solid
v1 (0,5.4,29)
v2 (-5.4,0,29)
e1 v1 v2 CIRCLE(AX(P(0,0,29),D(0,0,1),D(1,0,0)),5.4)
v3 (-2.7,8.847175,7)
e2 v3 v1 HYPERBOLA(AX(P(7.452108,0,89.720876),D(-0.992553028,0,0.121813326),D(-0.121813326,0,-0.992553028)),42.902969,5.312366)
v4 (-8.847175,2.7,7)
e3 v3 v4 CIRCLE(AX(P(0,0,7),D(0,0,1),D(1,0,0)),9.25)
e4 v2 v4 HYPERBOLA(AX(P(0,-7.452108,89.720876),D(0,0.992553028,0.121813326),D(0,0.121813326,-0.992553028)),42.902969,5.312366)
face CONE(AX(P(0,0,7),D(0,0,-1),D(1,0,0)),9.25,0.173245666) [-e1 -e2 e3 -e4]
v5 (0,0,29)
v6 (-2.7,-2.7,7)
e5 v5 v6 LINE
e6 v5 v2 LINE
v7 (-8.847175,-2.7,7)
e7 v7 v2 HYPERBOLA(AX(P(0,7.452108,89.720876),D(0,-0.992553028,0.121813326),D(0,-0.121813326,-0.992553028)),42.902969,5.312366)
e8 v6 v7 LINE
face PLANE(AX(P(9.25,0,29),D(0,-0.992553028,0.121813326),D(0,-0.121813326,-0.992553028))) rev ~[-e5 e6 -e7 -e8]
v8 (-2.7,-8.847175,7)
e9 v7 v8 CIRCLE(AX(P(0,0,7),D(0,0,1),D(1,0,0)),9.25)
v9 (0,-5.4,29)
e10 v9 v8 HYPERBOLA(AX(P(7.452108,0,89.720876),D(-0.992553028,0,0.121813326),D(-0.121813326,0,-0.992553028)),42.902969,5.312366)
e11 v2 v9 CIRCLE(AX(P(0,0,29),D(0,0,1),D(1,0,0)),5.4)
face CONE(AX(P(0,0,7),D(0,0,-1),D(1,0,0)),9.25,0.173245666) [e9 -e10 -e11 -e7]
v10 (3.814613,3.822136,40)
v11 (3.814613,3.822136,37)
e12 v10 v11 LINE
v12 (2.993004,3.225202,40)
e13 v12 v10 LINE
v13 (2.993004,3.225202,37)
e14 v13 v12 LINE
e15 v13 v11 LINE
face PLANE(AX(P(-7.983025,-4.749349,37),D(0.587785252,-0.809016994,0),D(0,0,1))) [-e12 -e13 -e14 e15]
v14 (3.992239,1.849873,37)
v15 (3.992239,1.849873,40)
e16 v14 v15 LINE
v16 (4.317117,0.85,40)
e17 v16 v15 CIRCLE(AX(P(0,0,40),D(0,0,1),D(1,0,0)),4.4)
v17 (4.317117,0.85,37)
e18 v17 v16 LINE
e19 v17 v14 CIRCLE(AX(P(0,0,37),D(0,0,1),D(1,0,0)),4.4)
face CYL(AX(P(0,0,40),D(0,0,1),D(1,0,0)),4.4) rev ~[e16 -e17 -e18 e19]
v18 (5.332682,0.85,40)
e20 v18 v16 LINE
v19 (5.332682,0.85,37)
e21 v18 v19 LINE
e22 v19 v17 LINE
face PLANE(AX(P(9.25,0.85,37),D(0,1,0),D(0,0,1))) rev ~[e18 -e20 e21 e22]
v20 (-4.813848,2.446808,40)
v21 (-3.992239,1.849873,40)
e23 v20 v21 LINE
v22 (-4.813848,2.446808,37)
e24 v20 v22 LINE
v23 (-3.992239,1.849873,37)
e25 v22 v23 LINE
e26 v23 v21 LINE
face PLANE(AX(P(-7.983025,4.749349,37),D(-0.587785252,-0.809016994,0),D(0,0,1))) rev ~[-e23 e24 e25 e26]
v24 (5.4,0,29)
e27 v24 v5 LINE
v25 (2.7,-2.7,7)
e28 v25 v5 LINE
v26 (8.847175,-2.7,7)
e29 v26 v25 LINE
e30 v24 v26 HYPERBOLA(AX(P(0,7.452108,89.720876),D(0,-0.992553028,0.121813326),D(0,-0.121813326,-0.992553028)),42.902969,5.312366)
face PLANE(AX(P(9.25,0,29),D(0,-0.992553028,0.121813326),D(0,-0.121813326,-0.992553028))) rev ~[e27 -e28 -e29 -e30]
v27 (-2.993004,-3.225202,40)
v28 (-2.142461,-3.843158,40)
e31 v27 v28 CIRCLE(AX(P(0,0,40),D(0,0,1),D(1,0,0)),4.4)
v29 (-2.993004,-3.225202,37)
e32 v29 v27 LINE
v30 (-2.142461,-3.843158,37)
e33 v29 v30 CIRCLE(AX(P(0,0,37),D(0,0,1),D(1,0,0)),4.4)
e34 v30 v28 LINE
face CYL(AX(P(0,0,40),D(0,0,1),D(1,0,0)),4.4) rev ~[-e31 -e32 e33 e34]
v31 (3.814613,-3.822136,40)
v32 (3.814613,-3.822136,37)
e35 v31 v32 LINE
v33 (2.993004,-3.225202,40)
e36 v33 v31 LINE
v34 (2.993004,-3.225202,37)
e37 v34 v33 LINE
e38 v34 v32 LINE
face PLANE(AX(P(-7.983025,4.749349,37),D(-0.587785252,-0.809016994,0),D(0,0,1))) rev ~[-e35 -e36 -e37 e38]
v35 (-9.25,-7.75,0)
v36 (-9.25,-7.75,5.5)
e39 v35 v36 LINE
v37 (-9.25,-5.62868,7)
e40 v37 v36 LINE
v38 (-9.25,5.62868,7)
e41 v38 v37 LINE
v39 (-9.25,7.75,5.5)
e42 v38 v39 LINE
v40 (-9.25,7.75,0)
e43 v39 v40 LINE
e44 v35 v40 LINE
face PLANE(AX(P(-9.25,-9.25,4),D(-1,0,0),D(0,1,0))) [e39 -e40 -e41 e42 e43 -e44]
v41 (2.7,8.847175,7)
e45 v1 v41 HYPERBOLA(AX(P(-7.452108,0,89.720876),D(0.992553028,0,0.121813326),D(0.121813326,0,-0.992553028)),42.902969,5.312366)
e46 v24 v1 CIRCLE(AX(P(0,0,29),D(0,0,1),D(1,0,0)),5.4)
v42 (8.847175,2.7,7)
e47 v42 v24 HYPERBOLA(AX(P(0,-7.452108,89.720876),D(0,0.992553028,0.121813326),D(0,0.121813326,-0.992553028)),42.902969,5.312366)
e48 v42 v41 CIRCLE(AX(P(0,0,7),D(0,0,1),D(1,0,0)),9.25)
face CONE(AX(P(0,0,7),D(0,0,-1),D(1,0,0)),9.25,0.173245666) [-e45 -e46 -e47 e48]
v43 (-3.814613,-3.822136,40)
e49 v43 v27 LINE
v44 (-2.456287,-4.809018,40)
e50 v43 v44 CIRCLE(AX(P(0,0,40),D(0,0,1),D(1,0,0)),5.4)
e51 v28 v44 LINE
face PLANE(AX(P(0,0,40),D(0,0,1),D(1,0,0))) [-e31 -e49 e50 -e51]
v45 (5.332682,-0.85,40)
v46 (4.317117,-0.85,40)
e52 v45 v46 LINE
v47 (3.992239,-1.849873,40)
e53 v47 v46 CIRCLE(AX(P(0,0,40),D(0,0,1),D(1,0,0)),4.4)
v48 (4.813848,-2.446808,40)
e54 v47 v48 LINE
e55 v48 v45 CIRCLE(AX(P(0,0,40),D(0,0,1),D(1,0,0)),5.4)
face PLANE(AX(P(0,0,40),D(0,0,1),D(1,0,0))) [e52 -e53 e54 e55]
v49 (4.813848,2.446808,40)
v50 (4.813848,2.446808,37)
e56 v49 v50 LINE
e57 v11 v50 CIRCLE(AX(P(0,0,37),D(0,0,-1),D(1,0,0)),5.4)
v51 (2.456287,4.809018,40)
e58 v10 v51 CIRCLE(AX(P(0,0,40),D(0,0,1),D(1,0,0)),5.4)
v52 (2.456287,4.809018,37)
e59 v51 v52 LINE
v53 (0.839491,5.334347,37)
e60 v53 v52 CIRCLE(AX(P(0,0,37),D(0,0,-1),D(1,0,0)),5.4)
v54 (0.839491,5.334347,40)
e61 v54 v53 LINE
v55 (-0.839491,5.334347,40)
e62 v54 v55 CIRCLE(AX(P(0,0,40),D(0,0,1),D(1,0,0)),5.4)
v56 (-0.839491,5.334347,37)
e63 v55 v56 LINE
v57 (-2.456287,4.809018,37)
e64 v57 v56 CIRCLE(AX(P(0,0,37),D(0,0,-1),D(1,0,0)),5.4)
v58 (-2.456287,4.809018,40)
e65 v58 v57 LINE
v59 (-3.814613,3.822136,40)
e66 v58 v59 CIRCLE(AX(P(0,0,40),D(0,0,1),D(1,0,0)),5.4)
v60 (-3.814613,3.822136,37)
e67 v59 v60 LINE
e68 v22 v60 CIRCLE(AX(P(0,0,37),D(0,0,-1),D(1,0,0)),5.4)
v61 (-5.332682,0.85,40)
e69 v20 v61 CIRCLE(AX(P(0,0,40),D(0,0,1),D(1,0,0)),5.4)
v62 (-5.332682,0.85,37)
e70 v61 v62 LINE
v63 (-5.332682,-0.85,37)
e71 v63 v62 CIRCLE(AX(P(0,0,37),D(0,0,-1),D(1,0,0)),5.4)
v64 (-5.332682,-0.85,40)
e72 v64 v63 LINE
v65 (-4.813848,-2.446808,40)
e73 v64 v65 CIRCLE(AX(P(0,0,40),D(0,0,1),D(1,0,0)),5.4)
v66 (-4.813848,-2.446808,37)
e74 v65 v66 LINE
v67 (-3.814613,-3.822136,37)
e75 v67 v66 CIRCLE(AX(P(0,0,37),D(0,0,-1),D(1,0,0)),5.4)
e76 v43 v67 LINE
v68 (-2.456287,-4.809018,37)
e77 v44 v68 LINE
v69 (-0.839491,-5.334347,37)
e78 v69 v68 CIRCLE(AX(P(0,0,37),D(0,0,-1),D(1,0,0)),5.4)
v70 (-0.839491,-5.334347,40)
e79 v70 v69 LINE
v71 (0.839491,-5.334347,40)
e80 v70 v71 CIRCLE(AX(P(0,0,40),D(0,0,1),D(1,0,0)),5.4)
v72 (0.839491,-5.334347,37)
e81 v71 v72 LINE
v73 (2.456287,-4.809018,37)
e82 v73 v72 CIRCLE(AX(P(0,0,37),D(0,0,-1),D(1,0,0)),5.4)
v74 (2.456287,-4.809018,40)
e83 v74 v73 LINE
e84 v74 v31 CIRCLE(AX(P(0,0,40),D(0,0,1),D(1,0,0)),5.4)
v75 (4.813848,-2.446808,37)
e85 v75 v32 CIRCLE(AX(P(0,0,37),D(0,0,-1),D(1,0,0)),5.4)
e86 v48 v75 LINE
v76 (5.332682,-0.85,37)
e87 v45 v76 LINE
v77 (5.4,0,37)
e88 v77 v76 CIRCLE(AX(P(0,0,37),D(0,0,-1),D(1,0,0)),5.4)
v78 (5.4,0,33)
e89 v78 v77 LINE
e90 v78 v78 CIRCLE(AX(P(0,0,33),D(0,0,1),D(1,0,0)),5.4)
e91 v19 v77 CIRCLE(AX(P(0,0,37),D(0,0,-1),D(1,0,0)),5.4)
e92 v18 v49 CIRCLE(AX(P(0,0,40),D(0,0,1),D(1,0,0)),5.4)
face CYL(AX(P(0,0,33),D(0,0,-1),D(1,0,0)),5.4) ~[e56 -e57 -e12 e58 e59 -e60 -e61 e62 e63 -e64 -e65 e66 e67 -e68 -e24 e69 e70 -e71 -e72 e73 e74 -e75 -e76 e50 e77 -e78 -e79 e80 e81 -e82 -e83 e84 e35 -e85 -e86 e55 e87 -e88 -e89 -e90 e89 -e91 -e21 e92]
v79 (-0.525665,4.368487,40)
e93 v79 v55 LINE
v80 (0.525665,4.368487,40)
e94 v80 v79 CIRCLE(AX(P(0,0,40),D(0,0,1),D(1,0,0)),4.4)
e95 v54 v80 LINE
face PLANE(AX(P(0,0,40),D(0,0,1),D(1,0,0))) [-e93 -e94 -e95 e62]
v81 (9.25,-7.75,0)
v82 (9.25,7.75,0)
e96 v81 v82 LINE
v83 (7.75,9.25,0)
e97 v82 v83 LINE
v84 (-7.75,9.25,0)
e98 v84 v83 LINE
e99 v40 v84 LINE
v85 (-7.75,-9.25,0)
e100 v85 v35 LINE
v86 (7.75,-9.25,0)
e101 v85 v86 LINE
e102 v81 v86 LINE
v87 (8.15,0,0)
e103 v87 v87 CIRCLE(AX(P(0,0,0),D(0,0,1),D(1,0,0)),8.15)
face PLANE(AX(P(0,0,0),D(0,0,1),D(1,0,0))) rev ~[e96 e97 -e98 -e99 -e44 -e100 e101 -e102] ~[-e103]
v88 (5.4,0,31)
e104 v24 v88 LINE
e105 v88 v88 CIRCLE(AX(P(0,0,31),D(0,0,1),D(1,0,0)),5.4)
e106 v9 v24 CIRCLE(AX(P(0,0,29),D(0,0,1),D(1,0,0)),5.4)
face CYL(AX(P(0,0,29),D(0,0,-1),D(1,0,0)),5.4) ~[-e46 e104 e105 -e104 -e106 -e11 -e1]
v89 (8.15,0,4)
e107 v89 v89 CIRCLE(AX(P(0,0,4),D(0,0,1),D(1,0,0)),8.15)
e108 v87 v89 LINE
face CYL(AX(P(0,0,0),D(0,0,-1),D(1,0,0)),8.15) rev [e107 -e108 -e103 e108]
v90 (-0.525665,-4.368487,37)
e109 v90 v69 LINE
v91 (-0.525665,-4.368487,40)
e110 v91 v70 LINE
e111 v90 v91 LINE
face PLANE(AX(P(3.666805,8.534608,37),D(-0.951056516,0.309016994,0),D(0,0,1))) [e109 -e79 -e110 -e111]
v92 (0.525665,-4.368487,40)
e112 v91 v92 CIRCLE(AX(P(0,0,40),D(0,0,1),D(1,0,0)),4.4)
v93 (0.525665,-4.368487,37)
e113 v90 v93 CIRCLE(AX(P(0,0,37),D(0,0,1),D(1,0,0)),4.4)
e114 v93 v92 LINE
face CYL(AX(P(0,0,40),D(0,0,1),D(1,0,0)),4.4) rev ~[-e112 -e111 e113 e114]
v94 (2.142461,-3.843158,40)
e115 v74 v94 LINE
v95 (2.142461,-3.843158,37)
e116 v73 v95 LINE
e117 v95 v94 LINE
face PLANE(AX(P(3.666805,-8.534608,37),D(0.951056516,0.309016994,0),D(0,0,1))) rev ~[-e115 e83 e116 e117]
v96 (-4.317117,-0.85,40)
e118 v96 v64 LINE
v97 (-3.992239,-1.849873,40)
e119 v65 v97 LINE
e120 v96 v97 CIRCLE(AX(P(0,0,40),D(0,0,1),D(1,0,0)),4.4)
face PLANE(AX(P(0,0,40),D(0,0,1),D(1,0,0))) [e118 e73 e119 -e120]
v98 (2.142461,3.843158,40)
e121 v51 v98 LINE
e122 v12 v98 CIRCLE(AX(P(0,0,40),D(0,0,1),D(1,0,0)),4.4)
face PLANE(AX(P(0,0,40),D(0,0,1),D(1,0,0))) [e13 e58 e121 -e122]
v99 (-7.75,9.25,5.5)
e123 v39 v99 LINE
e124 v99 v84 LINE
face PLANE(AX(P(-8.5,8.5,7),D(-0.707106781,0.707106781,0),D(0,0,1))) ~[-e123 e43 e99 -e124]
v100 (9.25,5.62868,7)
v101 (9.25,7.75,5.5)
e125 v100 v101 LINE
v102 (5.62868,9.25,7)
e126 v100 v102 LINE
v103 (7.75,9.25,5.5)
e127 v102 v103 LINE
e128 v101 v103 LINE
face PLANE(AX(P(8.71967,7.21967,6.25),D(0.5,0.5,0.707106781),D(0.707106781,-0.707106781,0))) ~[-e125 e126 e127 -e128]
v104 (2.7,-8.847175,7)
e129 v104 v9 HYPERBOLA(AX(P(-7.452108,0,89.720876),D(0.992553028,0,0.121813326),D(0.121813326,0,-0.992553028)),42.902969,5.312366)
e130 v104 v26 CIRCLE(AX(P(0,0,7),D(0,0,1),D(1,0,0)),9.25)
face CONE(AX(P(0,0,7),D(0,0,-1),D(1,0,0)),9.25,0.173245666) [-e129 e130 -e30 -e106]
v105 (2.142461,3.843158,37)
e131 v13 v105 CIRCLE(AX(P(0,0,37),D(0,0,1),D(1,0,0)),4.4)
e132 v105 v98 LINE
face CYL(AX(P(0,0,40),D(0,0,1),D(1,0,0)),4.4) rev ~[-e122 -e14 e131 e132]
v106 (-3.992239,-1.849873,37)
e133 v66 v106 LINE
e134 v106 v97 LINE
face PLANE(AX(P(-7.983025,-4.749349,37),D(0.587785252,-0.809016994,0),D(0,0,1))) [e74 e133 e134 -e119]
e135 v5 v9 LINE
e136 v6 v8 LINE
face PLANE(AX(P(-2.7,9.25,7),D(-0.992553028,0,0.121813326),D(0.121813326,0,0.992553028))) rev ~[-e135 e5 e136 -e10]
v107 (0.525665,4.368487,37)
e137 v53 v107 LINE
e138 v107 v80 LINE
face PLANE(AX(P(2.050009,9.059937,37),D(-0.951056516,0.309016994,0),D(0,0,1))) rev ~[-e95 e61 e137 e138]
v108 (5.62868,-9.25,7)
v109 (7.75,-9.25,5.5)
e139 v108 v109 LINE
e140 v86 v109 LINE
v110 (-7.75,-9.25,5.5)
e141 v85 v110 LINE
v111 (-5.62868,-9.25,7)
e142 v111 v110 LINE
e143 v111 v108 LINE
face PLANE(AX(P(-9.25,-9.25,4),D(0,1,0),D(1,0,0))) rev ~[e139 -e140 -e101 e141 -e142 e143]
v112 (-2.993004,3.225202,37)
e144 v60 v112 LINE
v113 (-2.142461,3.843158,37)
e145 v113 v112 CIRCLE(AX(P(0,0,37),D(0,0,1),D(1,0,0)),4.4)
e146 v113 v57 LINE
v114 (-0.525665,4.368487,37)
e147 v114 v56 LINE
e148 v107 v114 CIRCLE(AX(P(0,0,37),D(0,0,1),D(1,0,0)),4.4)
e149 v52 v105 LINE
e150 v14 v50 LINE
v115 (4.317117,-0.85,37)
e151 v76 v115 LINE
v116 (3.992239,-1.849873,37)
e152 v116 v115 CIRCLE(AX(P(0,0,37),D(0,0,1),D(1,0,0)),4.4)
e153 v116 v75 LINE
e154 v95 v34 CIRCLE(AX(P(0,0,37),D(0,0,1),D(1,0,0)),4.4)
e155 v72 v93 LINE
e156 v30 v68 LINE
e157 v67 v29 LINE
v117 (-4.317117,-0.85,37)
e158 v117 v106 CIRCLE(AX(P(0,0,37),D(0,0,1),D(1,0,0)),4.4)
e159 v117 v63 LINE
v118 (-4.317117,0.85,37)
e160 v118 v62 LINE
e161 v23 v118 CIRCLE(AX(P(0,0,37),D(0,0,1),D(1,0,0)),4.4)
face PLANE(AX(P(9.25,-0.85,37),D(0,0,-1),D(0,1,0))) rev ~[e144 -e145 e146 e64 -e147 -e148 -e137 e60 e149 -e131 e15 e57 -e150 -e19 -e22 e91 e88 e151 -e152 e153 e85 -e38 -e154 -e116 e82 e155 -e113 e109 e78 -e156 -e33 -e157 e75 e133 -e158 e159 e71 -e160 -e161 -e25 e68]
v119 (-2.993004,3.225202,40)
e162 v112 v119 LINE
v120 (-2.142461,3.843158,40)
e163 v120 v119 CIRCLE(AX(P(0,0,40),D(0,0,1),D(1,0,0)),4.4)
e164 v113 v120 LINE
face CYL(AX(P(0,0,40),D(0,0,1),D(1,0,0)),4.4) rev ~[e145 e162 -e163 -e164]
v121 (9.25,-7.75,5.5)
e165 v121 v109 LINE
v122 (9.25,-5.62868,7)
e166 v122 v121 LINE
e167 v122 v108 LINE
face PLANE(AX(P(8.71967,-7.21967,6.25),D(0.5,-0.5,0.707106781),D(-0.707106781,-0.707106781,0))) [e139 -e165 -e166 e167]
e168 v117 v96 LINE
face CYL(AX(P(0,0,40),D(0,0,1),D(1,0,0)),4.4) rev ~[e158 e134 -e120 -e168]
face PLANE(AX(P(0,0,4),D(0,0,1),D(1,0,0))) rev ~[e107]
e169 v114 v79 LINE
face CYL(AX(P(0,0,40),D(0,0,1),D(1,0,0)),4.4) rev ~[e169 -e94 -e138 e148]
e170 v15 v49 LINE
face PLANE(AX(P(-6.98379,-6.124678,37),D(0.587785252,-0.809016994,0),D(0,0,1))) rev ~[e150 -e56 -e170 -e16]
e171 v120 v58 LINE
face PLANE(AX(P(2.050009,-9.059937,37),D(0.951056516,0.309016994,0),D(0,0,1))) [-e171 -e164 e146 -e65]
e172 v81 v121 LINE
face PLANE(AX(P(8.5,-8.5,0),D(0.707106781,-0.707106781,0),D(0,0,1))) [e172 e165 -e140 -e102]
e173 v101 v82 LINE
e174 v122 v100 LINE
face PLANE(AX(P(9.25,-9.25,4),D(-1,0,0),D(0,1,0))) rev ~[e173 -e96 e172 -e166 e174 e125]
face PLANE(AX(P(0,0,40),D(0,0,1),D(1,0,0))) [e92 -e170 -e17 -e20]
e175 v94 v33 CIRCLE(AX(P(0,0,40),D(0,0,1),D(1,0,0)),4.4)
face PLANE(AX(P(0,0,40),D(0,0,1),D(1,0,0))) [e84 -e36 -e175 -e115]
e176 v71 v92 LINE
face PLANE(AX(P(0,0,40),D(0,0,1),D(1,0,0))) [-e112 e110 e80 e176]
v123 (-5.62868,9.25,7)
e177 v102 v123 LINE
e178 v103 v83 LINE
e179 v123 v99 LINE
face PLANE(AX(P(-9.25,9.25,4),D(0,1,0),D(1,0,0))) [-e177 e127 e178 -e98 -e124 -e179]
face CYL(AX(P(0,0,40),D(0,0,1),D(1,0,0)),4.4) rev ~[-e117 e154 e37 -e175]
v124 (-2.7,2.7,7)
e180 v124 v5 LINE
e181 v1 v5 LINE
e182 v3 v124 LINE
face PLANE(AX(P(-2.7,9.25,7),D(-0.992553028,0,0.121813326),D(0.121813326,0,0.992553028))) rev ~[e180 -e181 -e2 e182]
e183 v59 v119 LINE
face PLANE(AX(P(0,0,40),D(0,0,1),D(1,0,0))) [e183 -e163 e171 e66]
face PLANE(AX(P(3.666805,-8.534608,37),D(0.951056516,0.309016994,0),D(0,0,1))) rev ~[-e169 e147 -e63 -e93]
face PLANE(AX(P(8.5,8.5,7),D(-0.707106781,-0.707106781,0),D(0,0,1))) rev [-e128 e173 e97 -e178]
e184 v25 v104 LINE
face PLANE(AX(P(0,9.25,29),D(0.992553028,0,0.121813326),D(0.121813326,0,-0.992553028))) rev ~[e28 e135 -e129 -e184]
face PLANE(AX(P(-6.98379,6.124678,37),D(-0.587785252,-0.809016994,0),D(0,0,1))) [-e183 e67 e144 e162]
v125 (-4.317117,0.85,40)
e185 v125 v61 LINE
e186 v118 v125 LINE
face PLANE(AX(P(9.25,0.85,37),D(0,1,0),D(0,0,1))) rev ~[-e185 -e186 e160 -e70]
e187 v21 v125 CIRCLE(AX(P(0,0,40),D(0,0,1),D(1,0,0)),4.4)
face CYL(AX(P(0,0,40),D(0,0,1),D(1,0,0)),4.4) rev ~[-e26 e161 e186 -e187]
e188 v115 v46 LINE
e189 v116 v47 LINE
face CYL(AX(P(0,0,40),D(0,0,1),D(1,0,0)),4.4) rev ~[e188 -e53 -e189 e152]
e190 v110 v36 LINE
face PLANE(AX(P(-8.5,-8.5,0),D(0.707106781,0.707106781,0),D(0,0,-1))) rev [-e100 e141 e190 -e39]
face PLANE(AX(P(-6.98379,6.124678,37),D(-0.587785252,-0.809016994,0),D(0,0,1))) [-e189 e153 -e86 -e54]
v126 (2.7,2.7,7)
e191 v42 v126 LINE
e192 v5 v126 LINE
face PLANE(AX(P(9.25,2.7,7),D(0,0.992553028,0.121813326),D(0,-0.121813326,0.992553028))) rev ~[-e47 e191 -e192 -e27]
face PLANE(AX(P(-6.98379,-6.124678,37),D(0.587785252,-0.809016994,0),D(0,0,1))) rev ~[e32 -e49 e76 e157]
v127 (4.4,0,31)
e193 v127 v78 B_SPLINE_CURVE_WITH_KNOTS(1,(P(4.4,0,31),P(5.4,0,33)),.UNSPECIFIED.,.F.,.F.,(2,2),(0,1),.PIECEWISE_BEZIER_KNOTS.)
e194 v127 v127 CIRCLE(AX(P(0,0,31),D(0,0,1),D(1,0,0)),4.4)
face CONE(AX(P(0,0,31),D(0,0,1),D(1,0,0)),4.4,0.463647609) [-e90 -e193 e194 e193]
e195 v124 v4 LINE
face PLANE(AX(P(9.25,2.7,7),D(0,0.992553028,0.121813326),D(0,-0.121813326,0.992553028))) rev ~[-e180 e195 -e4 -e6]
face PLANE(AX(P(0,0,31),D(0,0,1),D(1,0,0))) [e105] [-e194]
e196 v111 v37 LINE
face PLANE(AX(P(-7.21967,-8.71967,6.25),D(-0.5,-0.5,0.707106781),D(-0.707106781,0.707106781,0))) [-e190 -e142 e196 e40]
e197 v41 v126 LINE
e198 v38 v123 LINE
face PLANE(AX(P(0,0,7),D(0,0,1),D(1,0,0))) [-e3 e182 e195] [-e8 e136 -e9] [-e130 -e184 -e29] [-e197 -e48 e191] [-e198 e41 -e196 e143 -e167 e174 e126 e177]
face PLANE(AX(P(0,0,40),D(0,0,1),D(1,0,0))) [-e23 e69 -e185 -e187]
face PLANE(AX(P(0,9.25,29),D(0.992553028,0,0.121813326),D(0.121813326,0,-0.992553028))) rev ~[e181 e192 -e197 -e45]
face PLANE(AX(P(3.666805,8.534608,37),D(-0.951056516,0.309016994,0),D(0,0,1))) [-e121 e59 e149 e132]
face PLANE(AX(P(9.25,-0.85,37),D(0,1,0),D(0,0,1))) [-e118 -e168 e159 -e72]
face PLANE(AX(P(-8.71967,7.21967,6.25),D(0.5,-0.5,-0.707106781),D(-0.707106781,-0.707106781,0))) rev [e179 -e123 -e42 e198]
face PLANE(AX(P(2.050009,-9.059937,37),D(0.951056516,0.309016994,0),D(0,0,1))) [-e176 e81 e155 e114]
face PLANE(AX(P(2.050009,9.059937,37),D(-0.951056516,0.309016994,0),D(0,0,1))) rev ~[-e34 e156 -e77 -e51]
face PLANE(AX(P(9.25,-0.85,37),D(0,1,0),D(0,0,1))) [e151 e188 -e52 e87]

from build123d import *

# Parameters (mm, degrees)
SKETCH_W              = 18.5
SKETCH_H              = 18.5
SKETCH_R              = 8.15
PAD_DEPTH             = 4
SKETCH001_W           = 18.5
SKETCH001_H           = 18.5
PAD001_DEPTH          = 3
SKETCH002_R           = 9.25
SKETCH003_R           = 5.4
SKETCH005_R           = 5.4
PAD002_DEPTH          = 2
CHAMFER_SIZE          = 1.5
CHAMFER001_SIZE       = 1.5
POCKET_DEPTH          = 99.630527
POLARPATTERN_COUNT    = 4
SKETCH007_R           = 4.4
SKETCH008_R           = 5.4
SKETCH009_R           = 5.4
PAD003_DEPTH          = 7
SKETCH010_R           = 4.4
POCKET001_DEPTH       = 3
SKETCH011_W           = 1.7
SKETCH011_H           = 3
POCKET002_DEPTH       = 114.093887
POLARPATTERN001_COUNT = 5


with BuildPart() as part:
    # Sketch → Pad (new body)
    with BuildSketch(Plane.XY):
        Rectangle(SKETCH_W, SKETCH_H)
        Circle(SKETCH_R, mode=Mode.SUBTRACT)
    extrude(amount=PAD_DEPTH)

    # Sketch001 (on Face7 of Pad) → Pad001 (join)
    with BuildSketch(Plane.XY.offset(4)):
        Rectangle(SKETCH001_W, SKETCH001_H)
    extrude(amount=PAD001_DEPTH)

    # Sketch002 (on Face10 of Pad001) → AdditiveLoft section 0
    with BuildSketch(Plane.XY.offset(7)):
        Circle(SKETCH002_R)
    # Sketch003 (on Face10 of Pad001) → AdditiveLoft section 1
    with BuildSketch(Plane.XY.offset(29)):
        Circle(SKETCH003_R)
    loft()

    # Sketch005 (on Face17 of AdditiveLoft) → Pad002 (join)
    with BuildSketch(Plane.XY.offset(29)):
        Circle(SKETCH005_R)
    extrude(amount=PAD002_DEPTH)

    # Chamfer
    chamfer_edges = [part.edges().sort_by_distance(p)[0] for p in [
        (-9.25, -9.25, 5.5),
        (-9.25, -9.25, 2),
        (9.25, -9.25, 5.5),
        (9.25, -9.25, 2),
        (9.25, 9.25, 2),
        (9.25, 9.25, 5.5),
        (-9.25, 9.25, 5.5),
        (-9.25, 9.25, 2),
    ]]
    chamfer(chamfer_edges, length=CHAMFER_SIZE)

    # Chamfer001
    chamfer001_edges = [part.edges().sort_by_distance(p)[0] for p in [
        (8.5, -8.5, 7),
        (-8.5, -8.5, 7),
        (-8.5, 8.5, 7),
        (8.5, 8.5, 7),
    ]]
    chamfer(chamfer001_edges, length=CHAMFER001_SIZE)

    # Sketch006 (on Face19 of Chamfer001) → Pocket (cut, through all)
    with BuildSketch(Plane.YZ.offset(9.25)):
        Polygon((0, 29), (-2.7, 7), (2.7, 7), align=None)
    pocket = extrude(amount=-POCKET_DEPTH, mode=Mode.SUBTRACT)

    # PolarPattern: Pocket ×4 about axis
    polarpattern_axis = Axis((0, 0, 0), (0, 0, 1))
    for i in range(1, POLARPATTERN_COUNT):
        add(pocket.rotate(polarpattern_axis, i * 360 / POLARPATTERN_COUNT), mode=Mode.SUBTRACT)

    # Sketch007 (on Face47 of PolarPattern) → AdditiveLoft001 section 0
    with BuildSketch(Plane.XY.offset(31)):
        Circle(SKETCH007_R)
    # Sketch008 → AdditiveLoft001 section 1
    with BuildSketch(Plane.XY.offset(33)):
        Circle(SKETCH008_R)
    loft()

    # Sketch009 (on Face56 of AdditiveLoft001) → Pad003 (join)
    with BuildSketch(Plane.XY.offset(33)):
        Circle(SKETCH009_R)
    extrude(amount=PAD003_DEPTH)

    # Sketch010 (on Face57 of Pad003) → Pocket001 (cut)
    with BuildSketch(Plane.XY.offset(40)):
        Circle(SKETCH010_R)
    extrude(amount=-POCKET001_DEPTH, mode=Mode.SUBTRACT)

    # Sketch011 (on Face26 of Pocket001) → Pocket002 (cut, through all)
    with BuildSketch(Plane.YZ.offset(9.25)):
        with Locations((0, 38.5)):
            Rectangle(SKETCH011_W, SKETCH011_H)
    pocket002 = extrude(amount=-POCKET002_DEPTH, mode=Mode.SUBTRACT)

    # PolarPattern001: Pocket002 ×5 about axis
    polarpattern001_axis = Axis((0, 0, 0), (0, 0, 1))
    for i in range(1, POLARPATTERN001_COUNT):
        add(pocket002.rotate(polarpattern001_axis, i * 360 / POLARPATTERN001_COUNT), mode=Mode.SUBTRACT)


solid = part.part
